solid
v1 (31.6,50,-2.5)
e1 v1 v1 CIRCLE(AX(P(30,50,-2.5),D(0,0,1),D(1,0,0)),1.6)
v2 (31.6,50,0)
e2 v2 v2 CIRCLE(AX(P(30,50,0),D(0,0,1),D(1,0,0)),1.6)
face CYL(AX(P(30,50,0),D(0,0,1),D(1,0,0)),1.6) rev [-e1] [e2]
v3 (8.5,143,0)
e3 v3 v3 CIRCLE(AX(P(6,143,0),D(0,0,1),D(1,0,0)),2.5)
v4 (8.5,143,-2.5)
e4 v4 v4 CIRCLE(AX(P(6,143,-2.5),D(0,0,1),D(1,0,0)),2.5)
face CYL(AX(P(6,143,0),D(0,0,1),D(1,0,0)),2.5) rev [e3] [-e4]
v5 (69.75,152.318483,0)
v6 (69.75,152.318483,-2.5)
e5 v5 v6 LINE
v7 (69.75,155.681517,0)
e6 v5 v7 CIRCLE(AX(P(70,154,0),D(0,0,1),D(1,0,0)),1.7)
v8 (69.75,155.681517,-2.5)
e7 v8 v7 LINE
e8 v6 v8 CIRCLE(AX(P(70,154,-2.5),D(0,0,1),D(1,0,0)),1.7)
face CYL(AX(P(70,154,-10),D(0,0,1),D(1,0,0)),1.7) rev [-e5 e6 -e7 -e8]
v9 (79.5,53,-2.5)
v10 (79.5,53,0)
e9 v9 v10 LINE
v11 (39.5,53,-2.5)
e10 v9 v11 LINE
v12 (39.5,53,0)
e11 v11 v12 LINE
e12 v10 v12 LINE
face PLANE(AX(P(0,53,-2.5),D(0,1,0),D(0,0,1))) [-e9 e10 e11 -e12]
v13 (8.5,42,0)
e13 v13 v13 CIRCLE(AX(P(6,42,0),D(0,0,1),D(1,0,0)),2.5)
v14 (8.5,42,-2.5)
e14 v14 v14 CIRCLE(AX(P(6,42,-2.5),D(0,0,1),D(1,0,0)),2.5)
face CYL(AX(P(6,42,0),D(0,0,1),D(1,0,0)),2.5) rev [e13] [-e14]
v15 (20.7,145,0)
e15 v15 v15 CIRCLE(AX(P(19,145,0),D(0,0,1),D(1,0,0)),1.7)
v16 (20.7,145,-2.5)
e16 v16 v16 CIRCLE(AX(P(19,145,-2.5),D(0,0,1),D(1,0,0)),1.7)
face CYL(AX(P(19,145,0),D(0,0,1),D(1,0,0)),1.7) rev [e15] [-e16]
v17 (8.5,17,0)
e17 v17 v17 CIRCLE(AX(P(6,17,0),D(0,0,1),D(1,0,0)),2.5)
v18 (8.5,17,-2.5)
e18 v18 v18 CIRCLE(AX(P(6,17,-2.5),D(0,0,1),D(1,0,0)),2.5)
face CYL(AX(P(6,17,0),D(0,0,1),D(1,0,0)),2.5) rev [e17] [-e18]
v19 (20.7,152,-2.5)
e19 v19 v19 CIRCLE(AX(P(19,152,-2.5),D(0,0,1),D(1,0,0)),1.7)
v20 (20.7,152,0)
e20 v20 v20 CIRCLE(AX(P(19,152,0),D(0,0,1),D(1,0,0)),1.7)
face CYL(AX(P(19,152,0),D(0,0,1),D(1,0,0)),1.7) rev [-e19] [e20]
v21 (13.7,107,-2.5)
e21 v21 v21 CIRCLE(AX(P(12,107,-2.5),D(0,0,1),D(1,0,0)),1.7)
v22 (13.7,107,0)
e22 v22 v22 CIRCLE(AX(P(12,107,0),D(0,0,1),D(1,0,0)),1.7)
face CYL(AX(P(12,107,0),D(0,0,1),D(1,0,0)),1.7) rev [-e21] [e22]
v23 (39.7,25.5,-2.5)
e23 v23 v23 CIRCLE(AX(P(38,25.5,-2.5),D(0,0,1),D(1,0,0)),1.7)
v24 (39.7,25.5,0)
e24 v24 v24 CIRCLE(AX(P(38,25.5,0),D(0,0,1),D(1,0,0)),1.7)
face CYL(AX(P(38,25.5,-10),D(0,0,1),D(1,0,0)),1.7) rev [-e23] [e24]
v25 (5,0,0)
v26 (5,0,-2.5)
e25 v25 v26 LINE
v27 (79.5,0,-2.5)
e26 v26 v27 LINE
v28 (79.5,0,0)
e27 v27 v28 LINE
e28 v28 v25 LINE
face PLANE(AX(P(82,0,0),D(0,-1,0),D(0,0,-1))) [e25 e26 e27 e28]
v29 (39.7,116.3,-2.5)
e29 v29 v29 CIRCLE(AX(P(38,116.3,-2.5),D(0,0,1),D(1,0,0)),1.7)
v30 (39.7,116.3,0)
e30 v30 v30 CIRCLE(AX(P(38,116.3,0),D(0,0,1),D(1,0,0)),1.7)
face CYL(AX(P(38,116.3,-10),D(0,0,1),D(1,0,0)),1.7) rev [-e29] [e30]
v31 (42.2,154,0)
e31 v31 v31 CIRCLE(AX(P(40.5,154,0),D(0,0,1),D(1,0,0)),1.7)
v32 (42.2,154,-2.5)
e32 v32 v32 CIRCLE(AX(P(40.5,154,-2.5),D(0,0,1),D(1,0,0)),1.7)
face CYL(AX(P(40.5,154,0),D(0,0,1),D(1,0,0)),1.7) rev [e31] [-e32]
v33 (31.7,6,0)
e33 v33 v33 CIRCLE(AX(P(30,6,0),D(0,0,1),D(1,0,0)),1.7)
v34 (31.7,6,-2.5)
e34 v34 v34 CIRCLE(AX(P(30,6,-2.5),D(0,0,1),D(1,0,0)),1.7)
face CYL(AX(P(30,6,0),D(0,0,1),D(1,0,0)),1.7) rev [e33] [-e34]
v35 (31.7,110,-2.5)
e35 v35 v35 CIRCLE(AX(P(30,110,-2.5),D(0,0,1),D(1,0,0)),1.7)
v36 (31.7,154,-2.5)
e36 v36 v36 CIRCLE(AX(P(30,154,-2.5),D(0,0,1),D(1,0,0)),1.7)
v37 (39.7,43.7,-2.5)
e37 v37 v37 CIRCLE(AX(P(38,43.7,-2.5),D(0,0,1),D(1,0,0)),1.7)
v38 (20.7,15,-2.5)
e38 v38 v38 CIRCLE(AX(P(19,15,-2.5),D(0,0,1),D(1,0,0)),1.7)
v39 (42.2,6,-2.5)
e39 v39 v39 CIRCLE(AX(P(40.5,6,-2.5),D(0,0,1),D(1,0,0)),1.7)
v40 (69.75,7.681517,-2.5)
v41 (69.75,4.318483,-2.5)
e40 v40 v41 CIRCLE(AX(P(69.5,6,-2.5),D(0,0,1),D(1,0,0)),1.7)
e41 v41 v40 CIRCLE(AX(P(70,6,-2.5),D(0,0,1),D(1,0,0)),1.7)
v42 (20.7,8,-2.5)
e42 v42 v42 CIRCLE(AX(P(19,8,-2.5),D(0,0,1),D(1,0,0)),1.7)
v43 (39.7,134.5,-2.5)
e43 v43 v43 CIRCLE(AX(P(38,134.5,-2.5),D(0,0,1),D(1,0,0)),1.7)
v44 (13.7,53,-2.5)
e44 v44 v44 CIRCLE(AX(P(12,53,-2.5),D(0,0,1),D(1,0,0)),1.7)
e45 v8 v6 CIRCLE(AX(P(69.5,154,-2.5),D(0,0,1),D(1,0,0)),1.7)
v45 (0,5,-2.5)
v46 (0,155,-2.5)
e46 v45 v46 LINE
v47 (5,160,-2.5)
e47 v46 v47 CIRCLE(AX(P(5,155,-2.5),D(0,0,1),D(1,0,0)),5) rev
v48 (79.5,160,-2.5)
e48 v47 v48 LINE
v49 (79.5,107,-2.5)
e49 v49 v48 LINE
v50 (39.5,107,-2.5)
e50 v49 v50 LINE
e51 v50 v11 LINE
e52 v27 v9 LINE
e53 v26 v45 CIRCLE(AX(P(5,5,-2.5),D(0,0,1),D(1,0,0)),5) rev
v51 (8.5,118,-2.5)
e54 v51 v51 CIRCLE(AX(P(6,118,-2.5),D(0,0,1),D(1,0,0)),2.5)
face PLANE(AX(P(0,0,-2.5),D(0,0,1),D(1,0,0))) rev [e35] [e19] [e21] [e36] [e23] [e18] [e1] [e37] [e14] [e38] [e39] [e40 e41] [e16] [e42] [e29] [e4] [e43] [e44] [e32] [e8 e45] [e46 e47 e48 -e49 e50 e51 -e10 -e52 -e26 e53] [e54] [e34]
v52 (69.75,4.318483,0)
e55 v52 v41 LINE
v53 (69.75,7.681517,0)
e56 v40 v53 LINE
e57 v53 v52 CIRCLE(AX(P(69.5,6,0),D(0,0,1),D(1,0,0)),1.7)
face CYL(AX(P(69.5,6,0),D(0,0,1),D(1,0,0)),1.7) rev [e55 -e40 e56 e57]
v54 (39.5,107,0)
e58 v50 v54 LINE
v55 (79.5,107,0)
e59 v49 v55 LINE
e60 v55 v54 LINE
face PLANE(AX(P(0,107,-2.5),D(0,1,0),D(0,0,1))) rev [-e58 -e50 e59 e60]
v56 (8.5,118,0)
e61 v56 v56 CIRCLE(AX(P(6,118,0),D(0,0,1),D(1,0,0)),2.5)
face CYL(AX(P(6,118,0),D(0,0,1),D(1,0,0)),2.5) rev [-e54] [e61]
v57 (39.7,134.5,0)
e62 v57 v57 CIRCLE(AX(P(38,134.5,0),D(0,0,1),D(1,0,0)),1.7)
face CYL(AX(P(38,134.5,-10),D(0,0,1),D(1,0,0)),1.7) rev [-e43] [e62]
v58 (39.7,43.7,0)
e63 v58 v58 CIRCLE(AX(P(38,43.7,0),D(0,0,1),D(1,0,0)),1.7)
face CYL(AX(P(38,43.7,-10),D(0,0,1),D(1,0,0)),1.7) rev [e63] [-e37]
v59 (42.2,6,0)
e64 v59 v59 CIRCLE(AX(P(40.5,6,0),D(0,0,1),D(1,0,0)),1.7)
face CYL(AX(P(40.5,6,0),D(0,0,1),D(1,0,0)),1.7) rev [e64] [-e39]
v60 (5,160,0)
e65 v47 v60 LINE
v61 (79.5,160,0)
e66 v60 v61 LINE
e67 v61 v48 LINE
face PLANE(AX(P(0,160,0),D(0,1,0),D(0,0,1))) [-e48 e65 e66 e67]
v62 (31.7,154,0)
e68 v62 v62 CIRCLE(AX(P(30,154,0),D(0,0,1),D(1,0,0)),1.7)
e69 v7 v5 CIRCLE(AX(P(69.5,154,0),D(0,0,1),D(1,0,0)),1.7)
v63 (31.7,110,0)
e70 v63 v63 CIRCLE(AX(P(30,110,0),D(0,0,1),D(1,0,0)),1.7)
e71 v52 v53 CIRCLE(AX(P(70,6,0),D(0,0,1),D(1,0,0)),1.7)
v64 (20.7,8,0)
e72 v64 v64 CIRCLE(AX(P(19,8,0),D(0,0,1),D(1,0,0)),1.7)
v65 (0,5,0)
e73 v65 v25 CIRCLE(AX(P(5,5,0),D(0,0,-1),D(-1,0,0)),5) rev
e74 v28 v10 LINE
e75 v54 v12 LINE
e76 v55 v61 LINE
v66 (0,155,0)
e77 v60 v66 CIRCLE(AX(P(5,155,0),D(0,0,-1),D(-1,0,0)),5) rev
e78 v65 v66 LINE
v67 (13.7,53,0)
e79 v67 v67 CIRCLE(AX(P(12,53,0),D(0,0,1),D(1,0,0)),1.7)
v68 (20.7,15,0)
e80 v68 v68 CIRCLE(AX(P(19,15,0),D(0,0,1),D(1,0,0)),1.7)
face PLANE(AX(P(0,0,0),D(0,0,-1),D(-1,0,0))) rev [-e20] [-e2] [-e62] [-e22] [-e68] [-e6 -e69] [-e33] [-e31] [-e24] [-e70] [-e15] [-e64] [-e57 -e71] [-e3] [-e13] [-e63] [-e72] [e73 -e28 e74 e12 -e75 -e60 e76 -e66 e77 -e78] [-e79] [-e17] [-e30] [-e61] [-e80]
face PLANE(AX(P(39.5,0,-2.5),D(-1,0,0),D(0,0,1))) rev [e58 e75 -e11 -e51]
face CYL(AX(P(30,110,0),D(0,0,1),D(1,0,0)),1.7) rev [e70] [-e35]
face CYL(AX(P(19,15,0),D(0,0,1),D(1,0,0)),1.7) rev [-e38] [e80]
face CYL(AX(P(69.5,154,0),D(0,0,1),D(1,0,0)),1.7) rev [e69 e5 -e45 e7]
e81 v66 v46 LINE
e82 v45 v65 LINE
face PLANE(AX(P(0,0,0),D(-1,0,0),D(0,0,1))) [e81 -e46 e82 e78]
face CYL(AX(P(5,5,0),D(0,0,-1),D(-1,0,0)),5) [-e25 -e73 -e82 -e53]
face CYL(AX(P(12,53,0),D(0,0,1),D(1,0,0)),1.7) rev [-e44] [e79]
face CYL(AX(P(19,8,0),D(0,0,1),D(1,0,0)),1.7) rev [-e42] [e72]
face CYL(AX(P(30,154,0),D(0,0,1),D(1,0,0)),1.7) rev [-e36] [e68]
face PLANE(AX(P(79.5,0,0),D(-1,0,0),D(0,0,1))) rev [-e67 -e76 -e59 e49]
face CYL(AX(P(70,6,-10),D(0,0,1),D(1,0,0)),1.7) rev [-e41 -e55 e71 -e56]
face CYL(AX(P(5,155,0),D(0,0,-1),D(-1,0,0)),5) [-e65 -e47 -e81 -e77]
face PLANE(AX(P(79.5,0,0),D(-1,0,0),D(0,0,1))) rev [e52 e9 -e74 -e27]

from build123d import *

# Parameters (mm, degrees)
SKETCH_1_W                  = 82
SKETCH_1_H                  = 160
EXTRUDE_1_DEPTH             = 50
SKETCH_2_W                  = 79.5
SKETCH_2_H                  = 47.5
CUT_EXTRUDE_1_DEPTH         = 187.611896727
CUT_EXTRUDE_2_DEPTH         = 186.95765647
CUT_EXTRUDE_4_DEPTH         = 186.95765647
CUT_EXTRUDE_5_DEPTH         = 186.95765647
CUT_EXTRUDE_7_DEPTH         = 186.95765647
CUT_EXTRUDE_9_DEPTH         = 187.611896727
CUT_EXTRUDE_10_DEPTH        = 187.611896727
CUT_EXTRUDE_11_DEPTH        = 187.611896727
CUT_EXTRUDE_12_DEPTH        = 187.611896727
CUT_EXTRUDE_13_DEPTH        = 187.611896727
CUT_EXTRUDE_14_DEPTH        = 187.611896727
CUT_EXTRUDE_15_DEPTH        = 187.611896727
CUT_EXTRUDE_16_DEPTH        = 187.611896727
CUT_EXTRUDE_17_DEPTH        = 187.611896727
CUT_EXTRUDE_18_DEPTH        = 187.611896727
CUT_EXTRUDE_19_DEPTH        = 187.611896727
DRAFT_1_ANGLE               = 30
DRAFT_2_ANGLE               = 30
HOLE_WIZARD_3_2_3_2_1_D     = 3.2
HOLE_WIZARD_3_2_3_2_1_DEPTH = 50
HOLE_WIZARD_3_4_3_4_1_D     = 3.4
HOLE_WIZARD_3_4_3_4_1_DEPTH = 50
HOLE_WIZARD_3_2_3_2_2_D     = 3.2
HOLE_WIZARD_3_2_3_2_2_DEPTH = 82
HOLE_WIZARD_5_0_5_1_D       = 5
HOLE_WIZARD_5_0_5_1_DEPTH   = 50
FILLET_3_R                  = 5
SKETCH_31_W                 = 2.5
SKETCH_31_H                 = 160
CUT_EXTRUDE_21_DEPTH        = 10
SKETCH_32_R                 = 1.7
CUT_EXTRUDE_22_DEPTH        = 10
SKETCH_33_R                 = 1.7
CUT_EXTRUDE_23_DEPTH        = 10
SKETCH_34_W                 = 60.596480557
SKETCH_34_H                 = 37.741752596
SKETCH_34_W_2               = 35.854664966
SKETCH_34_H_2               = 6.290292099
SKETCH_34_W_3               = 37.951428999
SKETCH_34_H_3               = 7.758026922
SKETCH_34_W_4               = 17.193465071
SKETCH_34_H_4               = 10.693496569
SKETCH_34_W_5               = 15.306377442
SKETCH_34_H_5               = 12.999937006
EXTRUDE_2_DEPTH             = 2.5
SKETCH_35_W                 = 40
SKETCH_35_H                 = 27
CUT_EXTRUDE_24_DEPTH        = 179.679881352
SKETCH_37_R                 = 1.7
CUT_EXTRUDE_25_DEPTH        = 10


with BuildPart() as part:
    # 草图1 → 凸台-拉伸1 (new body)
    with BuildSketch(Plane(origin=(0, 0, -50), x_dir=(-1, 0, 0), z_dir=(0, 0, -1))):
        with Locations((-41, 80)):
            Rectangle(SKETCH_1_W, SKETCH_1_H)
    extrude(amount=-EXTRUDE_1_DEPTH)

    # 草图2 → 切除-拉伸1 (cut, through all)
    with BuildSketch(Plane(origin=(0, 160, 0), x_dir=(-1, 0, 0), z_dir=(0, 1, 0))):
        with Locations((-39.75, -26.25)):
            Rectangle(SKETCH_2_W, SKETCH_2_H)
    extrude(amount=-CUT_EXTRUDE_1_DEPTH, mode=Mode.SUBTRACT)

    # 草图3 → 切除-拉伸2 (cut, through all)
    with BuildSketch(Plane(origin=(0, 0, -2.5), x_dir=(-1, 0, 0), z_dir=(0, 0, -1))):
        with BuildLine():
            Line((-65, 89.5), (-20, 89.5))
            ThreePointArc((-20, 89.5), (-17.5, 92), (-20, 94.5))
            Line((-20, 94.5), (-65, 94.5))
            ThreePointArc((-65, 94.5), (-67.5, 92), (-65, 89.5))
        make_face()
    extrude(amount=-CUT_EXTRUDE_2_DEPTH, mode=Mode.SUBTRACT)

    # 草图5 → 切除-拉伸4 (cut, through all)
    with BuildSketch(Plane(origin=(0, 0, -2.5), x_dir=(-1, 0, 0), z_dir=(0, 0, -1))):
        with BuildLine():
            Line((-65, 65.5), (-20, 65.5))
            ThreePointArc((-20, 65.5), (-17.5, 68), (-20, 70.5))
            Line((-20, 70.5), (-65, 70.5))
            ThreePointArc((-65, 70.5), (-67.5, 68), (-65, 65.5))
        make_face()
    extrude(amount=-CUT_EXTRUDE_4_DEPTH, mode=Mode.SUBTRACT)

    # 草图6 → 切除-拉伸5 (cut, through all)
    with BuildSketch(Plane(origin=(0, 0, -2.5), x_dir=(-1, 0, 0), z_dir=(0, 0, -1))):
        with BuildLine():
            Line((-68, 50), (-38, 50))
            ThreePointArc((-38, 50), (-36.4, 51.6), (-38, 53.2))
            Line((-38, 53.2), (-68, 53.2))
            ThreePointArc((-68, 53.2), (-69.6, 51.6), (-68, 50))
        make_face()
    extrude(amount=-CUT_EXTRUDE_5_DEPTH, mode=Mode.SUBTRACT)

    # 草图8 → 切除-拉伸7 (cut, through all)
    with BuildSketch(Plane(origin=(0, 0, -2.5), x_dir=(-1, 0, 0), z_dir=(0, 0, -1))):
        with BuildLine():
            Line((-68, 106.8), (-38, 106.8))
            ThreePointArc((-38, 106.8), (-36.4, 108.4), (-38, 110))
            Line((-38, 110), (-68, 110))
            ThreePointArc((-68, 110), (-69.6, 108.4), (-68, 106.8))
        make_face()
    extrude(amount=-CUT_EXTRUDE_7_DEPTH, mode=Mode.SUBTRACT)

    # 草图10 → 切除-拉伸9 (cut, through all)
    with BuildSketch(Plane(origin=(82, 0, 0), x_dir=(0, 0, -1), z_dir=(1, 0, 0))):
        with BuildLine():
            Line((20.690598923, 80), (16.690598923, 86.92820323))
            ThreePointArc((16.690598923, 86.92820323), (13.629378785, 80), (16.690598923, 73.07179677))
            Line((16.690598923, 73.07179677), (20.690598923, 80))
        make_face()
    extrude(amount=-CUT_EXTRUDE_9_DEPTH, mode=Mode.SUBTRACT)

    # 草图11 → 切除-拉伸10 (cut, through all)
    with BuildSketch(Plane(origin=(82, 0, 0), x_dir=(0, 0, -1), z_dir=(1, 0, 0))):
        with BuildLine():
            Line((24.154700538, 89.29920473), (24.154700538, 82))
            Line((24.154700538, 82), (32.154700538, 82))
            ThreePointArc((32.154700538, 82), (29.315895428, 86.922283358), (24.154700538, 89.29920473))
        make_face()
    extrude(amount=-CUT_EXTRUDE_10_DEPTH, mode=Mode.SUBTRACT)

    # 草图12 → 切除-拉伸11 (cut, through all)
    with BuildSketch(Plane(origin=(82, 0, 0), x_dir=(0, 0, -1), z_dir=(1, 0, 0))):
        with BuildLine():
            Line((24.154700538, 78), (24.154700538, 70.70079527))
            ThreePointArc((24.154700538, 70.70079527), (29.315895428, 73.077716642), (32.154700538, 78))
            Line((32.154700538, 78), (24.154700538, 78))
        make_face()
    extrude(amount=-CUT_EXTRUDE_11_DEPTH, mode=Mode.SUBTRACT)

    # 草图13 → 切除-拉伸12 (cut, through all)
    with BuildSketch(Plane(origin=(82, 0, 0), x_dir=(0, 0, -1), z_dir=(1, 0, 0))):
        with BuildLine():
            Line((36, 21.2), (14, 21.2))
            ThreePointArc((14, 21.2), (12.4, 19.6), (14, 18))
            Line((14, 18), (36, 18))
            ThreePointArc((36, 18), (37.6, 19.6), (36, 21.2))
        make_face()
    extrude(amount=-CUT_EXTRUDE_12_DEPTH, mode=Mode.SUBTRACT)

    # 草图14 → 切除-拉伸13 (cut, through all)
    with BuildSketch(Plane(origin=(82, 0, 0), x_dir=(0, 0, -1), z_dir=(1, 0, 0))):
        with BuildLine():
            Line((36, 31.2), (14, 31.2))
            ThreePointArc((14, 31.2), (12.4, 29.6), (14, 28))
            Line((14, 28), (36, 28))
            ThreePointArc((36, 28), (37.6, 29.6), (36, 31.2))
        make_face()
    extrude(amount=-CUT_EXTRUDE_13_DEPTH, mode=Mode.SUBTRACT)

    # 草图15 → 切除-拉伸14 (cut, through all)
    with BuildSketch(Plane(origin=(82, 0, 0), x_dir=(0, 0, -1), z_dir=(1, 0, 0))):
        with BuildLine():
            Line((36, 41.2), (14, 41.2))
            ThreePointArc((14, 41.2), (12.4, 39.6), (14, 38))
            Line((14, 38), (36, 38))
            ThreePointArc((36, 38), (37.6, 39.6), (36, 41.2))
        make_face()
    extrude(amount=-CUT_EXTRUDE_14_DEPTH, mode=Mode.SUBTRACT)

    # 草图16 → 切除-拉伸15 (cut, through all)
    with BuildSketch(Plane(origin=(82, 0, 0), x_dir=(0, 0, -1), z_dir=(1, 0, 0))):
        with BuildLine():
            Line((36, 51.2), (14, 51.2))
            ThreePointArc((14, 51.2), (12.4, 49.6), (14, 48))
            Line((14, 48), (36, 48))
            ThreePointArc((36, 48), (37.6, 49.6), (36, 51.2))
        make_face()
    extrude(amount=-CUT_EXTRUDE_15_DEPTH, mode=Mode.SUBTRACT)

    # 草图17 → 切除-拉伸16 (cut, through all)
    with BuildSketch(Plane(origin=(82, 0, 0), x_dir=(0, 0, -1), z_dir=(1, 0, 0))):
        with BuildLine():
            Line((36, 112), (14, 112))
            ThreePointArc((14, 112), (12.4, 110.4), (14, 108.8))
            Line((14, 108.8), (36, 108.8))
            ThreePointArc((36, 108.8), (37.6, 110.4), (36, 112))
        make_face()
    extrude(amount=-CUT_EXTRUDE_16_DEPTH, mode=Mode.SUBTRACT)

    # 草图18 → 切除-拉伸17 (cut, through all)
    with BuildSketch(Plane(origin=(82, 0, 0), x_dir=(0, 0, -1), z_dir=(1, 0, 0))):
        with BuildLine():
            Line((36, 122), (14, 122))
            ThreePointArc((14, 122), (12.4, 120.4), (14, 118.8))
            Line((14, 118.8), (36, 118.8))
            ThreePointArc((36, 118.8), (37.6, 120.4), (36, 122))
        make_face()
    extrude(amount=-CUT_EXTRUDE_17_DEPTH, mode=Mode.SUBTRACT)

    # 草图19 → 切除-拉伸18 (cut, through all)
    with BuildSketch(Plane(origin=(82, 0, 0), x_dir=(0, 0, -1), z_dir=(1, 0, 0))):
        with BuildLine():
            Line((36, 132), (14, 132))
            ThreePointArc((14, 132), (12.4, 130.4), (14, 128.8))
            Line((14, 128.8), (36, 128.8))
            ThreePointArc((36, 128.8), (37.6, 130.4), (36, 132))
        make_face()
    extrude(amount=-CUT_EXTRUDE_18_DEPTH, mode=Mode.SUBTRACT)

    # 草图20 → 切除-拉伸19 (cut, through all)
    with BuildSketch(Plane(origin=(82, 0, 0), x_dir=(0, 0, -1), z_dir=(1, 0, 0))):
        with BuildLine():
            Line((36, 142), (14, 142))
            ThreePointArc((14, 142), (12.4, 140.4), (14, 138.8))
            Line((14, 138.8), (36, 138.8))
            ThreePointArc((36, 138.8), (37.6, 140.4), (36, 142))
        make_face()
    extrude(amount=-CUT_EXTRUDE_19_DEPTH, mode=Mode.SUBTRACT)

    # 拔模1
    draft_1_faces = [part.faces().sort_by_distance(p)[0] for p in [
        (80.75, 85.649602365, -24.154700538),
    ]]
    draft(draft_1_faces, Plane(origin=(0, 82, -24.154700538), x_dir=(0, 0, 1), z_dir=(0, 1, 0)), DRAFT_1_ANGLE)

    # 拔模2
    draft_2_faces = [part.faces().sort_by_distance(p)[0] for p in [
        (80.75, 74.350397635, -24.154700538),
    ]]
    draft(draft_2_faces, Plane(origin=(0, 78, -32.154700538), x_dir=(0, 0, -1), z_dir=(0, -1, 0)), DRAFT_2_ANGLE)

    # Ø3.2 (3.2) 直径孔1
    with Locations(Plane.XY):
        with Locations((30, 32.75), (30, 38.75), (30, 50)):
            Hole(HOLE_WIZARD_3_2_3_2_1_D / 2, depth=HOLE_WIZARD_3_2_3_2_1_DEPTH)

    # Ø3.4 (3.4) 直径孔1
    with Locations(Plane.XY):
        with Locations((30, 154), (40.5, 154), (69.5, 154), (69.5, 6), (40.5, 6), (30, 6), (30, 121.25), (30, 127.25), (30, 110), (19, 8), (19, 15), (19, 145), (12, 53), (12, 107), (19, 152), (22, 124.25), (22, 35.75)):
            Hole(HOLE_WIZARD_3_4_3_4_1_D / 2, depth=HOLE_WIZARD_3_4_3_4_1_DEPTH)

    # Ø3.2 (3.2) 直径孔2
    with Locations(Plane(origin=(82, 0, 0), x_dir=(0, 0, -1), z_dir=(1, 0, 0))):
        with Locations((9.5, 150), (17.5, 150), (25.5, 150), (33.5, 150), (41.5, 150), (41.5, 10), (33.5, 10), (25.5, 10), (17.5, 10), (10.5, 90), (23, 100), (35.5, 90), (9.5, 10), (35.5, 70), (23, 60), (10.5, 70)):
            Hole(HOLE_WIZARD_3_2_3_2_2_D / 2, depth=HOLE_WIZARD_3_2_3_2_2_DEPTH)

    # Ø5.0 (5) 直径孔1
    with Locations(Plane.XY):
        with Locations((6, 17), (6, 42), (6, 118), (6, 143)):
            Hole(HOLE_WIZARD_5_0_5_1_D / 2, depth=HOLE_WIZARD_5_0_5_1_DEPTH)

    # 圆角3
    fillet_3_edges = [part.edges().sort_by_distance(p)[0] for p in [
        (80.75, 160, -50),
        (80.75, 0, -50),
        (0, 160, -1.25),
        (0, 0, -1.25),
    ]]
    fillet(fillet_3_edges, radius=FILLET_3_R)

    # 草图31 → 切除-拉伸21 (cut)
    with BuildSketch(Plane.ZY.offset(-79.5)):
        with Locations((-1.25, 80)):
            Rectangle(SKETCH_31_W, SKETCH_31_H)
    extrude(amount=-CUT_EXTRUDE_21_DEPTH, mode=Mode.SUBTRACT)


with BuildPart() as body_2:
    # of the pieces the cut leaves, the one that is kept (cut_extrude_21_keep)
    add(part.part.solids().sort_by_distance((5, 160, -2.5))[0])

    # 草图32 → 切除-拉伸22 (cut)
    with BuildSketch(Plane.XY):
        with Locations((38, 25.5)):
            Circle(SKETCH_32_R)
        with Locations((38, 43.7)):
            Circle(SKETCH_32_R)
    extrude(amount=-CUT_EXTRUDE_22_DEPTH, mode=Mode.SUBTRACT)

    # 草图33 → 切除-拉伸23 (cut)
    with BuildSketch(Plane.XY):
        with Locations((38, 134.5)):
            Circle(SKETCH_33_R)
        with Locations((38, 116.3)):
            Circle(SKETCH_33_R)
    extrude(amount=-CUT_EXTRUDE_23_DEPTH, mode=Mode.SUBTRACT)

    # 草图34 → 凸台-拉伸2 (add)
    with BuildSketch(Plane.XY):
        with Locations((44.153204469, 79.233741422)):
            Rectangle(SKETCH_34_W, SKETCH_34_H)
        with Locations((52.540260602, 108.378761482)):
            Rectangle(SKETCH_34_W_2, SKETCH_34_H_2)
        with Locations((53.588642619, 51.032265177)):
            Rectangle(SKETCH_34_W_3, SKETCH_34_H_3)
        with Locations((26.016195584, 35.096858526)):
            Rectangle(SKETCH_34_W_4, SKETCH_34_H_4)
        with Locations((26.959739398, 123.47546252)):
            Rectangle(SKETCH_34_W_5, SKETCH_34_H_5)
    extrude(amount=-EXTRUDE_2_DEPTH)

    # 草图35 → 切除-拉伸24 (cut, through all)
    with BuildSketch(Plane.XY):
        Polygon((79.5, 64.187810857), (79.5, 80), (39.5, 80), (39.5, 53), (79.5, 53), align=None)
        with Locations((59.5, 93.5)):
            Rectangle(SKETCH_35_W, SKETCH_35_H)
    extrude(amount=-CUT_EXTRUDE_24_DEPTH, mode=Mode.SUBTRACT)

    # 草图37 → 切除-拉伸25 (cut)
    with BuildSketch(Plane.XY):
        with Locations((70, 6)):
            Circle(SKETCH_37_R)
        with Locations((70, 154)):
            Circle(SKETCH_37_R)
    extrude(amount=-CUT_EXTRUDE_25_DEPTH, mode=Mode.SUBTRACT)


solid = body_2.part
